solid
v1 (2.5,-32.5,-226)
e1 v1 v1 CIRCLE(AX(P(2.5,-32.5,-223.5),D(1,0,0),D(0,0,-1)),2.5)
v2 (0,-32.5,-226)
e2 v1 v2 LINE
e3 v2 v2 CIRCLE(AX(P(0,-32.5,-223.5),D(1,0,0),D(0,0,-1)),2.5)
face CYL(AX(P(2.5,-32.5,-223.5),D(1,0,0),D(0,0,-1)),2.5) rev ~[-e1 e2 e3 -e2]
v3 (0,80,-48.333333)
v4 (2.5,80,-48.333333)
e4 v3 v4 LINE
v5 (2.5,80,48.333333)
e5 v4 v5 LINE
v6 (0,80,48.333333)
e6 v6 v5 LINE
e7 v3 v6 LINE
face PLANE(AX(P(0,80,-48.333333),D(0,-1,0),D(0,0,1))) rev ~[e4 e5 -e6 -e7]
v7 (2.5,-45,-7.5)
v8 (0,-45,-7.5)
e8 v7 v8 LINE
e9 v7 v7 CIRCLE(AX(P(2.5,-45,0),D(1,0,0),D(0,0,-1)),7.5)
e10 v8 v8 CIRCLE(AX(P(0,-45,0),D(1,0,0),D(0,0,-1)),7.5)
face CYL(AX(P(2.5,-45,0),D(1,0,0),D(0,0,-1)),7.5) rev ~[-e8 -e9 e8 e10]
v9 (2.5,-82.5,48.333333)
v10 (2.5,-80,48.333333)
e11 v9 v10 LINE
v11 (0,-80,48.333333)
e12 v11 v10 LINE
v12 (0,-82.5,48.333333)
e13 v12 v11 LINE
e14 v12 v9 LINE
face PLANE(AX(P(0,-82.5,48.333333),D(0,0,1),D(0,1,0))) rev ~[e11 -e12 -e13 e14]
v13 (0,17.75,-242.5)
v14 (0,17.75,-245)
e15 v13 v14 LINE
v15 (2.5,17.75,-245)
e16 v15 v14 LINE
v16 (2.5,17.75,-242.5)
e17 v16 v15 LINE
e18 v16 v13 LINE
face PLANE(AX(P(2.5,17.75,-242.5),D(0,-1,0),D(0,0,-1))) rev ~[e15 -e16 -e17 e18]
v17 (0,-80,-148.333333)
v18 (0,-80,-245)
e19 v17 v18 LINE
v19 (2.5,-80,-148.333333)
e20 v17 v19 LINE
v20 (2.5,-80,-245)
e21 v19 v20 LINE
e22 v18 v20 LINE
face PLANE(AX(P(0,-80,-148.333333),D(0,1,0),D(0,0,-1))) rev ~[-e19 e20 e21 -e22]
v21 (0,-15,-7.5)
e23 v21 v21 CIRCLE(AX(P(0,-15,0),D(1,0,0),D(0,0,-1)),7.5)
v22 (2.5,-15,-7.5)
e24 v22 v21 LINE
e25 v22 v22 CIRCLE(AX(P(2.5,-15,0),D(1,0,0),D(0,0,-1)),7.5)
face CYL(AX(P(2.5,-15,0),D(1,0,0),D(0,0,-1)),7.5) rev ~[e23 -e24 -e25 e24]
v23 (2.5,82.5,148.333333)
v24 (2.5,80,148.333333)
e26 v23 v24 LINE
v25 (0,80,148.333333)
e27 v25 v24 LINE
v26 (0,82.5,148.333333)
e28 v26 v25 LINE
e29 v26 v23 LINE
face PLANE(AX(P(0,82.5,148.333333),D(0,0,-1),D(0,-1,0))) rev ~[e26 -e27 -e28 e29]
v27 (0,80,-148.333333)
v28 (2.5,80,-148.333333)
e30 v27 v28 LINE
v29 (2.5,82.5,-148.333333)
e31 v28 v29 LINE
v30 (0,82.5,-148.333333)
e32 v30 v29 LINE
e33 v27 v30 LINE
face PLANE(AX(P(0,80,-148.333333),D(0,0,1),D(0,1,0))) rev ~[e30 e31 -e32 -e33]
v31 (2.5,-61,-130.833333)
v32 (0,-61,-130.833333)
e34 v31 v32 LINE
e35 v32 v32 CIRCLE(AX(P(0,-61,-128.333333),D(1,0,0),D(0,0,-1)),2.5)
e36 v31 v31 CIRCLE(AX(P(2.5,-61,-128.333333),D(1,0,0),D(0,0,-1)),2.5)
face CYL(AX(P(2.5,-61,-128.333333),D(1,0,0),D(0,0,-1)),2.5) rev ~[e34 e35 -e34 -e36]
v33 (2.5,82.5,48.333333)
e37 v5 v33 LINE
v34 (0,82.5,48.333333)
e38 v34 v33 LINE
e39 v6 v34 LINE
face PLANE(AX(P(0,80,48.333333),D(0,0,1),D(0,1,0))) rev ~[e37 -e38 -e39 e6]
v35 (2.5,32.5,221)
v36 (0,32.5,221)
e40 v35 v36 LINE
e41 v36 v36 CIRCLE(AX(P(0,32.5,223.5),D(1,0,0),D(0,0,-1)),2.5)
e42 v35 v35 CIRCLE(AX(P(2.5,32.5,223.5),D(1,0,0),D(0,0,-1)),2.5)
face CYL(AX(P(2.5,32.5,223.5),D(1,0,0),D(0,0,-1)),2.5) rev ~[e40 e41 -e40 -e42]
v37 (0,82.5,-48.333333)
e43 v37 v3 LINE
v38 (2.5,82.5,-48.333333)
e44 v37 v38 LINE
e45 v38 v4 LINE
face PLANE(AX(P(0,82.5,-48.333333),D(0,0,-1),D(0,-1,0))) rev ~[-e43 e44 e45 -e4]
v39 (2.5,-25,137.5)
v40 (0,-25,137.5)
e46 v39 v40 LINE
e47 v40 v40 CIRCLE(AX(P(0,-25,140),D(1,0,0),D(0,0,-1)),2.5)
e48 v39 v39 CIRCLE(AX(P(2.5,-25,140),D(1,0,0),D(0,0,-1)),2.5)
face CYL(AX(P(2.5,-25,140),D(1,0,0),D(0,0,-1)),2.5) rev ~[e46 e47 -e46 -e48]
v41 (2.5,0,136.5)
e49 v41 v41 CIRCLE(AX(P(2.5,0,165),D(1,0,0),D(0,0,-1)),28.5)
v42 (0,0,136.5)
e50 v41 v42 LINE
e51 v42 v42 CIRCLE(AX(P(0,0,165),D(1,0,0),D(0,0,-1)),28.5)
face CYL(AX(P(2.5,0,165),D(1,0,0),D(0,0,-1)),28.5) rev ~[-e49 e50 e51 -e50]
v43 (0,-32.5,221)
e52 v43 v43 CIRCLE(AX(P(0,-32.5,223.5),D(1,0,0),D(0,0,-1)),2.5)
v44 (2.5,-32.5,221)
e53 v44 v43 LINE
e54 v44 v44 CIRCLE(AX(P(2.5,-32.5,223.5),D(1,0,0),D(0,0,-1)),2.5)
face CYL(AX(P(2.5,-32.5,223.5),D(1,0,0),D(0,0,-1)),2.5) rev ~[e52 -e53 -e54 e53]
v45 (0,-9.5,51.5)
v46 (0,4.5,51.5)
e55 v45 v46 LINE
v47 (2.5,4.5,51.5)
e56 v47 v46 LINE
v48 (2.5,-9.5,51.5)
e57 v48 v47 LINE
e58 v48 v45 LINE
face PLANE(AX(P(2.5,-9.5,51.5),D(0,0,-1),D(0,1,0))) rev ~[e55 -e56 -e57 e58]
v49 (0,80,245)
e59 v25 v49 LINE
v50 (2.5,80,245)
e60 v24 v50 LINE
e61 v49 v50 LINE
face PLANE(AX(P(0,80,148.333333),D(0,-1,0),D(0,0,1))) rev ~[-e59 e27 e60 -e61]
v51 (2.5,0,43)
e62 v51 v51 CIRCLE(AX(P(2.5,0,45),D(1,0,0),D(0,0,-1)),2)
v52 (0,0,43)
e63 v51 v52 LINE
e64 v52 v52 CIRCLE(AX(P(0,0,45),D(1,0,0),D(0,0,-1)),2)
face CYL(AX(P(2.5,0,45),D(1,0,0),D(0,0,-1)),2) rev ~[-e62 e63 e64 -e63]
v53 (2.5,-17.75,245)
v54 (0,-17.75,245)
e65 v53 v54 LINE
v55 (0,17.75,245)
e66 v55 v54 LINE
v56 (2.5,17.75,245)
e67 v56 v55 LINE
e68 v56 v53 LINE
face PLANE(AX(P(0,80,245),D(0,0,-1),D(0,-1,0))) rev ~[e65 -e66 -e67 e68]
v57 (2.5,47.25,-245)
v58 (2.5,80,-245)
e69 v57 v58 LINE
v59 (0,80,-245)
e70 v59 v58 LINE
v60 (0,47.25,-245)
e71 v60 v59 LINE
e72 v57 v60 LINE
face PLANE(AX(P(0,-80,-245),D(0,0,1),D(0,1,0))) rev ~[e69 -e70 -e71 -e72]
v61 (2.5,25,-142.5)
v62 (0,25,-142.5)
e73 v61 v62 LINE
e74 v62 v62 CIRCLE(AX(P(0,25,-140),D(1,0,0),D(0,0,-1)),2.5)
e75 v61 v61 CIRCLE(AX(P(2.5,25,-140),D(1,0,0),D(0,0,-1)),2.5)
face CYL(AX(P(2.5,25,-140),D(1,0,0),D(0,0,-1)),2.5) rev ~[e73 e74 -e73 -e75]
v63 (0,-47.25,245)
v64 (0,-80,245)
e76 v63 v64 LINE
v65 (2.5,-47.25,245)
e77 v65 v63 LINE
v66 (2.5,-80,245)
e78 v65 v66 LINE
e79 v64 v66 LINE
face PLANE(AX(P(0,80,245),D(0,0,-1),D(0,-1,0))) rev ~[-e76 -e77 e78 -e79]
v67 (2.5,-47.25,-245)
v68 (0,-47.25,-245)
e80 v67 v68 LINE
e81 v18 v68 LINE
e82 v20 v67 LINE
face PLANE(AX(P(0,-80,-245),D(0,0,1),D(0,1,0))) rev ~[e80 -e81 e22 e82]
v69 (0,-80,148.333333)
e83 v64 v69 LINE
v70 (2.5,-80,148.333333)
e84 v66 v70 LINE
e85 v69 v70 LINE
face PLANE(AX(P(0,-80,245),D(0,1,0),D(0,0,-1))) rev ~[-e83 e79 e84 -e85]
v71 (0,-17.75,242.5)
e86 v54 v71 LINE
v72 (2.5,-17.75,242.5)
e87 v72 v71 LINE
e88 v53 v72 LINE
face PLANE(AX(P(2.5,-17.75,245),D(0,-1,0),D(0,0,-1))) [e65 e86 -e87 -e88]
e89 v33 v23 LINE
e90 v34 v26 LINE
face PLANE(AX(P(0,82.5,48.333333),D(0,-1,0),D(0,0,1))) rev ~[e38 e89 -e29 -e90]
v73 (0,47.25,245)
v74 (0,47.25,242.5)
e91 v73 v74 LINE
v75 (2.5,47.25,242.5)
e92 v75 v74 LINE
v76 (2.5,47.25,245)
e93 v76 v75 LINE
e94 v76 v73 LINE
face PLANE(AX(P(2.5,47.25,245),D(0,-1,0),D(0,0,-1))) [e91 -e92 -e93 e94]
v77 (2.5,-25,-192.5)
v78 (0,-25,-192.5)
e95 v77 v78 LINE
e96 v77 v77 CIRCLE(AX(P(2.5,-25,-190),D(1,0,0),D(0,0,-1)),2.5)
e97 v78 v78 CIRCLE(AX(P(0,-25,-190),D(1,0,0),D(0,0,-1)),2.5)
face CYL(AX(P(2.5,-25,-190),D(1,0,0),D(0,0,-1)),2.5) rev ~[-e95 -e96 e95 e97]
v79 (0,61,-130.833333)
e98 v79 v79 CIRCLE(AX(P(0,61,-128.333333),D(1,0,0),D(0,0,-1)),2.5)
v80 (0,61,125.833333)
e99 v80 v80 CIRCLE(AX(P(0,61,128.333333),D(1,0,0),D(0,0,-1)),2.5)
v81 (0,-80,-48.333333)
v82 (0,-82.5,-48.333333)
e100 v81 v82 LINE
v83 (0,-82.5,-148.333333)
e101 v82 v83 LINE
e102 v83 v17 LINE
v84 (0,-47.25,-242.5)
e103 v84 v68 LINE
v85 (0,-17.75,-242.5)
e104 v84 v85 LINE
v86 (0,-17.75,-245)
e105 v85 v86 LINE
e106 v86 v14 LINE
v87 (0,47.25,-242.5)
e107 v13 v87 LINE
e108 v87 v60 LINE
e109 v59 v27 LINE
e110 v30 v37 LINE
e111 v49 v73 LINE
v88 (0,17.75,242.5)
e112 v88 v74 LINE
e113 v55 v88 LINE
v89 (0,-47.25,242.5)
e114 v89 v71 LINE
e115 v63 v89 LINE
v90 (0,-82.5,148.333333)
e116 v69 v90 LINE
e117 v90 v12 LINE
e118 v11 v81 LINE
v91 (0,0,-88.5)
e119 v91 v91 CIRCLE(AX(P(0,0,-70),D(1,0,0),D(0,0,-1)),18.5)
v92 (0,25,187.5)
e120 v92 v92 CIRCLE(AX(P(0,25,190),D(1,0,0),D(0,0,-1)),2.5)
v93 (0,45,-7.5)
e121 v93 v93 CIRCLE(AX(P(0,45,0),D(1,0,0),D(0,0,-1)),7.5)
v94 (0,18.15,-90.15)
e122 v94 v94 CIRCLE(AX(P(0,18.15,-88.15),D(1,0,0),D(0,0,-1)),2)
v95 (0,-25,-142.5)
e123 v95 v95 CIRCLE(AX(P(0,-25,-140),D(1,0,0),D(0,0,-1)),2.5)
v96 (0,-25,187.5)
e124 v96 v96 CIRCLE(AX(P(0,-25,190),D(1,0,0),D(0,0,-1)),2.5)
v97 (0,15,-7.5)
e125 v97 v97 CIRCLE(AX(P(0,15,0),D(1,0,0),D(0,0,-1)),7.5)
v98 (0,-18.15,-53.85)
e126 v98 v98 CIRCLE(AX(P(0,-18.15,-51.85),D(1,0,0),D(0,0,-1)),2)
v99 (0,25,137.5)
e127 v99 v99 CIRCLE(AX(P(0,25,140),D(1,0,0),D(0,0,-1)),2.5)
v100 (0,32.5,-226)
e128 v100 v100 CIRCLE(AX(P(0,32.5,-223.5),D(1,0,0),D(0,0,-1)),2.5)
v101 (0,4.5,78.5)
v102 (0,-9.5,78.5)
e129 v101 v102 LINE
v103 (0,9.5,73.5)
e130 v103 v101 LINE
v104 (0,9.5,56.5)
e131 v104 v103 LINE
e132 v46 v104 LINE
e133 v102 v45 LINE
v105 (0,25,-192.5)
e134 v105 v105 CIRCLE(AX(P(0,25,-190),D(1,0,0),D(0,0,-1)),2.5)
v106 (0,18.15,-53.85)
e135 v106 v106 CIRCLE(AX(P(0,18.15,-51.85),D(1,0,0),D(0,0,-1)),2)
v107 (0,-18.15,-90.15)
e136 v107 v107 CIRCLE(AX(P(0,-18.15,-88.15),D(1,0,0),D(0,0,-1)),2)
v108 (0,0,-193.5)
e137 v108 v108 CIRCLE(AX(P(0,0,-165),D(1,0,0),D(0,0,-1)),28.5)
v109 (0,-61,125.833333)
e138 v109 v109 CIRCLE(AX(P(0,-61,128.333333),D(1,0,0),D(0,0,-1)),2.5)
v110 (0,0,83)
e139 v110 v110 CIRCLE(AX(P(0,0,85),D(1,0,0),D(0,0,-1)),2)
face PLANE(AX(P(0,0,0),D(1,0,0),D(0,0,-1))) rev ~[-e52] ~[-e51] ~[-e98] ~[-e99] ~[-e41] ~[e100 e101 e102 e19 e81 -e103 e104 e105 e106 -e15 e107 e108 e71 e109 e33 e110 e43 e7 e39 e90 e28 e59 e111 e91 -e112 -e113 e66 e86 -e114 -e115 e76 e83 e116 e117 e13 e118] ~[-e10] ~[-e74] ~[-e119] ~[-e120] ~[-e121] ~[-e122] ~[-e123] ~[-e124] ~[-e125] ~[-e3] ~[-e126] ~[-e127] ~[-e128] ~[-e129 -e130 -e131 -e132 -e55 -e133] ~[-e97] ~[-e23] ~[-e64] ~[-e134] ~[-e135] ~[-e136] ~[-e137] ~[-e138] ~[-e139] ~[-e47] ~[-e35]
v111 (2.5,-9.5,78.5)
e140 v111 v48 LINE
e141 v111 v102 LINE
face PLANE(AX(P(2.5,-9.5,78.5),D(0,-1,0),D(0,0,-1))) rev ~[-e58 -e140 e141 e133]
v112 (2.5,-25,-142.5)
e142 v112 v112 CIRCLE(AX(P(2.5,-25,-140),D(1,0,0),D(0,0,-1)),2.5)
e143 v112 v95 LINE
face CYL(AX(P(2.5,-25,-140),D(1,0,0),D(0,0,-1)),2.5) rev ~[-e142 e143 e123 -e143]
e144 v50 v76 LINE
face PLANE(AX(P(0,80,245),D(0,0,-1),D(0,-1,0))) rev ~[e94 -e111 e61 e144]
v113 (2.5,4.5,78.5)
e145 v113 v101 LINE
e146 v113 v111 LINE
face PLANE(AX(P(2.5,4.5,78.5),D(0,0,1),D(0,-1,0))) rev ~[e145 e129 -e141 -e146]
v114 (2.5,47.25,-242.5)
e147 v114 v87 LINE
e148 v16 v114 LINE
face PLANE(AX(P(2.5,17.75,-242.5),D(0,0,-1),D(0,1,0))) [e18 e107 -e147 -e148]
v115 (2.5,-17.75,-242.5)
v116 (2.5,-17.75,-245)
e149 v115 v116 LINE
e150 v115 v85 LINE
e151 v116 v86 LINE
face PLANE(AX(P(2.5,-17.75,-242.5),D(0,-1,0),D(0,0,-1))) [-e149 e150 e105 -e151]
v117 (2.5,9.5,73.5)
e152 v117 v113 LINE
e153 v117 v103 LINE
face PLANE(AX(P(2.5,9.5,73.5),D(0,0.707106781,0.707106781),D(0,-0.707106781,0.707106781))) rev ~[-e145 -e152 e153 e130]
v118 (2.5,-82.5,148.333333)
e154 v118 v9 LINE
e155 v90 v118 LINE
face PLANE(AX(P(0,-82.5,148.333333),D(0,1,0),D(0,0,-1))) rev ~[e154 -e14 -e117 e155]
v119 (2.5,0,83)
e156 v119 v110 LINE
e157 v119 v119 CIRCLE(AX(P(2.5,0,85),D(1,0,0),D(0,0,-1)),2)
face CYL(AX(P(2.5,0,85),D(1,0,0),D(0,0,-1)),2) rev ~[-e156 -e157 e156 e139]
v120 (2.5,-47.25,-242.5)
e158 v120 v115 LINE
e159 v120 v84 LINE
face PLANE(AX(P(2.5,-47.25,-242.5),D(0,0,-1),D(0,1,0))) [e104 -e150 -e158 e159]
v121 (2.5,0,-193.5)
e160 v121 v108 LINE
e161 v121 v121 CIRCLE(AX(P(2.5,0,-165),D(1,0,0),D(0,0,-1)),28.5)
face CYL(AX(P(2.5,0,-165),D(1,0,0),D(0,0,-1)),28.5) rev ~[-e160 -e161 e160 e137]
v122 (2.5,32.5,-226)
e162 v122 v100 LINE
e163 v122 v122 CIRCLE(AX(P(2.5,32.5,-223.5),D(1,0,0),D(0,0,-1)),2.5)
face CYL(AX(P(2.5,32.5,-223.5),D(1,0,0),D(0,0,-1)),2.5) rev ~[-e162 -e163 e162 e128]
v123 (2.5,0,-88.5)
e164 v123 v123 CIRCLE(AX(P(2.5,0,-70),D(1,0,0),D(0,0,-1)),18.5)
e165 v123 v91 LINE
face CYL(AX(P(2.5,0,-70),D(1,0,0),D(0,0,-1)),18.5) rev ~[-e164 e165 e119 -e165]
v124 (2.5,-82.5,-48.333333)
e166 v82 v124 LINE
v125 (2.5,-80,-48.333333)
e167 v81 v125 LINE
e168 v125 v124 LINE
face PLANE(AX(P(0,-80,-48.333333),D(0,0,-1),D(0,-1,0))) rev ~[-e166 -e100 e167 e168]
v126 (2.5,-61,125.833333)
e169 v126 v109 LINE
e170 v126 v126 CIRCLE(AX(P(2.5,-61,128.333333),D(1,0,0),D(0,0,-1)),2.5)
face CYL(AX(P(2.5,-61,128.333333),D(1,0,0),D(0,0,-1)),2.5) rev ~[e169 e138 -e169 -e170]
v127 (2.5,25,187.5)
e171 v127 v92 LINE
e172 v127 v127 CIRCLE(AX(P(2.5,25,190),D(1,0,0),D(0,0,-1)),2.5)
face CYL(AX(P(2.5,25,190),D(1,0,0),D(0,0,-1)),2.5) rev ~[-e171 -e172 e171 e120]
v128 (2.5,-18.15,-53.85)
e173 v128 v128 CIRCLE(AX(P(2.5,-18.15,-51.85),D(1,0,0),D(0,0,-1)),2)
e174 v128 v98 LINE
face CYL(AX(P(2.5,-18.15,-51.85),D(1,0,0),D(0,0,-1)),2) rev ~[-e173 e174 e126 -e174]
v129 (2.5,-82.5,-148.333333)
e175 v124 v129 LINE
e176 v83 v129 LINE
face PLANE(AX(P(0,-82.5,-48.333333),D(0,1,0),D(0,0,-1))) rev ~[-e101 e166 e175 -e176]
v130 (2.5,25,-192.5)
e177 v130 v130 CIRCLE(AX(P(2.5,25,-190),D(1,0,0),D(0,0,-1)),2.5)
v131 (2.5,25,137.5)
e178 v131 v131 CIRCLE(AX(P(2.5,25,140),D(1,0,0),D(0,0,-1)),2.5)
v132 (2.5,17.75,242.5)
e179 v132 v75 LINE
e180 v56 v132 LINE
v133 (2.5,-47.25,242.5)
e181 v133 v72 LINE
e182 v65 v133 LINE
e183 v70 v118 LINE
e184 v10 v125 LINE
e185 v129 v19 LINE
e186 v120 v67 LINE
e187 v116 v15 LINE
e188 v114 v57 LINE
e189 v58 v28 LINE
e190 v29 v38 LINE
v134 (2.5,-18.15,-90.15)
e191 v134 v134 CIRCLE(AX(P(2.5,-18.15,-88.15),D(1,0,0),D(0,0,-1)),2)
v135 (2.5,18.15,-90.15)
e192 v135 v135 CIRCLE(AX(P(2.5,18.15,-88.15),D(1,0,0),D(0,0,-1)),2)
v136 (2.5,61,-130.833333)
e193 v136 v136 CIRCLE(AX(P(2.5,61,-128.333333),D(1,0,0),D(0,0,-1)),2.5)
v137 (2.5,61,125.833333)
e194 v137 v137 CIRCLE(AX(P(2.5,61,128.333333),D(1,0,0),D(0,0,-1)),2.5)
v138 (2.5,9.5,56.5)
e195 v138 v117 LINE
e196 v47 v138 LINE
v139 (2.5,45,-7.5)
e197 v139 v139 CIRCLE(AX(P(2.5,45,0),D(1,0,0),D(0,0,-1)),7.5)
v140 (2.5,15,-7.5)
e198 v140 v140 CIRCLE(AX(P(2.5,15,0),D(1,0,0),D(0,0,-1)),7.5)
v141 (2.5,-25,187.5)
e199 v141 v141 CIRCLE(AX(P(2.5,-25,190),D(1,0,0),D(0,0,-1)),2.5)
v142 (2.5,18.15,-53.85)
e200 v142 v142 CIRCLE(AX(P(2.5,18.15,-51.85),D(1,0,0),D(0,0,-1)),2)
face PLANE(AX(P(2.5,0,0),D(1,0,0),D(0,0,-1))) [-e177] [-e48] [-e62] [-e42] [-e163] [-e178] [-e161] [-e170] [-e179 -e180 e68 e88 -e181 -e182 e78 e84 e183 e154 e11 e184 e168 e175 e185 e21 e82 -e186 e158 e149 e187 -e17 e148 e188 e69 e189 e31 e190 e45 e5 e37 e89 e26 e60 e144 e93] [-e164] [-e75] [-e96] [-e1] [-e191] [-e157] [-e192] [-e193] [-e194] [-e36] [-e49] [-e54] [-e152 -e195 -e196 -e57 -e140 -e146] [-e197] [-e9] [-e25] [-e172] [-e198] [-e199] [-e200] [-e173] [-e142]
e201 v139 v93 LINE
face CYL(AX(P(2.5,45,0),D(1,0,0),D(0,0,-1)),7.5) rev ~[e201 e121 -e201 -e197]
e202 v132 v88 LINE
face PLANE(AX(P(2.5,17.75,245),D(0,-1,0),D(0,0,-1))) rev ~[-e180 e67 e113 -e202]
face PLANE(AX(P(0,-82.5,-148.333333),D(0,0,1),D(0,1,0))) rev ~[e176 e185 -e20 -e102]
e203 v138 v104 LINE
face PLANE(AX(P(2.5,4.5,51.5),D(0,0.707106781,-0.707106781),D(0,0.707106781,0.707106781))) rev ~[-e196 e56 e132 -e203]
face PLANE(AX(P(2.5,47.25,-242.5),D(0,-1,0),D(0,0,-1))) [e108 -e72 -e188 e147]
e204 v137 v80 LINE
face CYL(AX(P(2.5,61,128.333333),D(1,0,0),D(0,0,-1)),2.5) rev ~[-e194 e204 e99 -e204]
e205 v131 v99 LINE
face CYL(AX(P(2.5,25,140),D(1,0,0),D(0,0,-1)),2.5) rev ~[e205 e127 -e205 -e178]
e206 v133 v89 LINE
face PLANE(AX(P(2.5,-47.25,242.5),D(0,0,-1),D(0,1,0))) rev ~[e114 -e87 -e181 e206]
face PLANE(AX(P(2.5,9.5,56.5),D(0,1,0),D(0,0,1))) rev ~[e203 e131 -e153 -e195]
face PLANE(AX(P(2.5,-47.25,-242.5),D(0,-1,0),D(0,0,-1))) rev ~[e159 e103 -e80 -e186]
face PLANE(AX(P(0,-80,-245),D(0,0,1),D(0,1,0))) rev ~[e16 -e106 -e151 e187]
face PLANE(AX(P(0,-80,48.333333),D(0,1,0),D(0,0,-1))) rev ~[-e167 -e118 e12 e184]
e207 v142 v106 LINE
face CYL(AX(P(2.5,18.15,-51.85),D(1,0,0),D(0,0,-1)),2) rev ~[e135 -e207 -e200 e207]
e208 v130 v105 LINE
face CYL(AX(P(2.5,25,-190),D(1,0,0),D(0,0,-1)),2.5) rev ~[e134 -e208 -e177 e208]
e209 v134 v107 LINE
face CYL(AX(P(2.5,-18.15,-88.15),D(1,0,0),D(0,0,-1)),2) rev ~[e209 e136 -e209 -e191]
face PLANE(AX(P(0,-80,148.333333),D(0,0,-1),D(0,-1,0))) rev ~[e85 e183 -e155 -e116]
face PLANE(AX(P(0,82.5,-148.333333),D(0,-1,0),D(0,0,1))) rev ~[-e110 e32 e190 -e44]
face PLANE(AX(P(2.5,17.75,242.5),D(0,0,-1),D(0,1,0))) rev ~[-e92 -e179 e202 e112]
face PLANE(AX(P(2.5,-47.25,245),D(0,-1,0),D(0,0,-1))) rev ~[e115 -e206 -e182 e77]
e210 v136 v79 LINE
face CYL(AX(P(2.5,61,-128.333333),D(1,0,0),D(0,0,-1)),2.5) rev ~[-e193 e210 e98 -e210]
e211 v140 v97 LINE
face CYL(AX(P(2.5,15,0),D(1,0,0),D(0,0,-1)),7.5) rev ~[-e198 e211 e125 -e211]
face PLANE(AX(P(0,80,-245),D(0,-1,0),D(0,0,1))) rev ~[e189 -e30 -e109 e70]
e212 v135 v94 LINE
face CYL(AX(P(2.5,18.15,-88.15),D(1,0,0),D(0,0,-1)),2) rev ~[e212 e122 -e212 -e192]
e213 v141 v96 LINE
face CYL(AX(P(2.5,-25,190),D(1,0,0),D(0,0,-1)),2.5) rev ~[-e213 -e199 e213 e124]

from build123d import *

# Parameters (mm, degrees)
BOSS_EXTRUDE1_DEPTH = 2.5
SKETCH2_R           = 2.5
SKETCH2_R_2         = 2
SKETCH2_R_3         = 18.5
SKETCH2_R_4         = 28.5
SKETCH2_R_5         = 7.5
SKETCH2_W           = 2.5
SKETCH2_H           = 29.5
CUT_EXTRUDE1_DEPTH  = 2.5


with BuildPart() as part:
    # Sketch1 → Boss-Extrude1 (new body)
    with BuildSketch(Plane(origin=(0, 0, 0), x_dir=(0, 0, -1), z_dir=(1, 0, 0))):
        Polygon((-245, -80), (-148.333333333, -80), (-148.333333333, -82.5), (-48.333333333, -82.5), (-48.333333333, -80), (48.333333333, -80), (48.333333333, -82.5), (148.333333333, -82.5), (148.333333333, -80), (245, -80), (245, 80), (148.333333333, 80), (148.333333333, 82.5), (48.333333333, 82.5), (48.333333333, 80), (-48.333333333, 80), (-48.333333333, 82.5), (-148.333333333, 82.5), (-148.333333333, 80), (-245, 80), align=None)
    extrude(amount=BOSS_EXTRUDE1_DEPTH)

    # Sketch2 → Cut-Extrude1 (cut)
    with BuildSketch(Plane(origin=(2.5, 0, 0), x_dir=(0, 0, -1), z_dir=(1, 0, 0))):
        with Locations((-128.333333333, 61)):
            Circle(SKETCH2_R)
        with Locations((128.333333333, 61)):
            Circle(SKETCH2_R)
        with Locations((128.333333333, -61)):
            Circle(SKETCH2_R)
        with Locations((-128.333333333, -61)):
            Circle(SKETCH2_R)
        with Locations((-223.5, 32.5)):
            Circle(SKETCH2_R)
        with Locations((-223.5, -32.5)):
            Circle(SKETCH2_R)
        with Locations((223.5, 32.5)):
            Circle(SKETCH2_R)
        with Locations((223.5, -32.5)):
            Circle(SKETCH2_R)
        with Locations((-85, 0)):
            Circle(SKETCH2_R_2)
        with Locations((-45, 0)):
            Circle(SKETCH2_R_2)
        with Locations((70, 0)):
            Circle(SKETCH2_R_3)
        with Locations((51.85, 18.15)):
            Circle(SKETCH2_R_2)
        with Locations((51.85, -18.15)):
            Circle(SKETCH2_R_2)
        with Locations((88.15, -18.15)):
            Circle(SKETCH2_R_2)
        with Locations((88.15, 18.15)):
            Circle(SKETCH2_R_2)
        with Locations((-190, -25)):
            Circle(SKETCH2_R)
        with Locations((-165, 0)):
            Circle(SKETCH2_R_4)
        with Locations((-140, -25)):
            Circle(SKETCH2_R)
        with Locations((-140, 25)):
            Circle(SKETCH2_R)
        with Locations((-190, 25)):
            Circle(SKETCH2_R)
        with Locations((165, 0)):
            Circle(SKETCH2_R_4)
        with Locations((190, -25)):
            Circle(SKETCH2_R)
        with Locations((140, -25)):
            Circle(SKETCH2_R)
        with Locations((140, 25)):
            Circle(SKETCH2_R)
        with Locations((190, 25)):
            Circle(SKETCH2_R)
        with Locations((0, 15)):
            Circle(SKETCH2_R_5)
        with Locations((0, -15)):
            Circle(SKETCH2_R_5)
        with Locations((0, 45)):
            Circle(SKETCH2_R_5)
        with Locations((0, -45)):
            Circle(SKETCH2_R_5)
        with Locations((-243.75, 32.5)):
            Rectangle(SKETCH2_W, SKETCH2_H)
        with Locations((-243.75, -32.5)):
            Rectangle(SKETCH2_W, SKETCH2_H)
        with Locations((243.75, -32.5)):
            Rectangle(SKETCH2_W, SKETCH2_H)
        with Locations((243.75, 32.5)):
            Rectangle(SKETCH2_W, SKETCH2_H)
        Polygon((-73.5, 9.5), (-78.5, 4.5), (-78.5, -9.5), (-51.5, -9.5), (-51.5, 4.5), (-56.5, 9.5), align=None)
    extrude(amount=-CUT_EXTRUDE1_DEPTH, mode=Mode.SUBTRACT)


solid = part.part
